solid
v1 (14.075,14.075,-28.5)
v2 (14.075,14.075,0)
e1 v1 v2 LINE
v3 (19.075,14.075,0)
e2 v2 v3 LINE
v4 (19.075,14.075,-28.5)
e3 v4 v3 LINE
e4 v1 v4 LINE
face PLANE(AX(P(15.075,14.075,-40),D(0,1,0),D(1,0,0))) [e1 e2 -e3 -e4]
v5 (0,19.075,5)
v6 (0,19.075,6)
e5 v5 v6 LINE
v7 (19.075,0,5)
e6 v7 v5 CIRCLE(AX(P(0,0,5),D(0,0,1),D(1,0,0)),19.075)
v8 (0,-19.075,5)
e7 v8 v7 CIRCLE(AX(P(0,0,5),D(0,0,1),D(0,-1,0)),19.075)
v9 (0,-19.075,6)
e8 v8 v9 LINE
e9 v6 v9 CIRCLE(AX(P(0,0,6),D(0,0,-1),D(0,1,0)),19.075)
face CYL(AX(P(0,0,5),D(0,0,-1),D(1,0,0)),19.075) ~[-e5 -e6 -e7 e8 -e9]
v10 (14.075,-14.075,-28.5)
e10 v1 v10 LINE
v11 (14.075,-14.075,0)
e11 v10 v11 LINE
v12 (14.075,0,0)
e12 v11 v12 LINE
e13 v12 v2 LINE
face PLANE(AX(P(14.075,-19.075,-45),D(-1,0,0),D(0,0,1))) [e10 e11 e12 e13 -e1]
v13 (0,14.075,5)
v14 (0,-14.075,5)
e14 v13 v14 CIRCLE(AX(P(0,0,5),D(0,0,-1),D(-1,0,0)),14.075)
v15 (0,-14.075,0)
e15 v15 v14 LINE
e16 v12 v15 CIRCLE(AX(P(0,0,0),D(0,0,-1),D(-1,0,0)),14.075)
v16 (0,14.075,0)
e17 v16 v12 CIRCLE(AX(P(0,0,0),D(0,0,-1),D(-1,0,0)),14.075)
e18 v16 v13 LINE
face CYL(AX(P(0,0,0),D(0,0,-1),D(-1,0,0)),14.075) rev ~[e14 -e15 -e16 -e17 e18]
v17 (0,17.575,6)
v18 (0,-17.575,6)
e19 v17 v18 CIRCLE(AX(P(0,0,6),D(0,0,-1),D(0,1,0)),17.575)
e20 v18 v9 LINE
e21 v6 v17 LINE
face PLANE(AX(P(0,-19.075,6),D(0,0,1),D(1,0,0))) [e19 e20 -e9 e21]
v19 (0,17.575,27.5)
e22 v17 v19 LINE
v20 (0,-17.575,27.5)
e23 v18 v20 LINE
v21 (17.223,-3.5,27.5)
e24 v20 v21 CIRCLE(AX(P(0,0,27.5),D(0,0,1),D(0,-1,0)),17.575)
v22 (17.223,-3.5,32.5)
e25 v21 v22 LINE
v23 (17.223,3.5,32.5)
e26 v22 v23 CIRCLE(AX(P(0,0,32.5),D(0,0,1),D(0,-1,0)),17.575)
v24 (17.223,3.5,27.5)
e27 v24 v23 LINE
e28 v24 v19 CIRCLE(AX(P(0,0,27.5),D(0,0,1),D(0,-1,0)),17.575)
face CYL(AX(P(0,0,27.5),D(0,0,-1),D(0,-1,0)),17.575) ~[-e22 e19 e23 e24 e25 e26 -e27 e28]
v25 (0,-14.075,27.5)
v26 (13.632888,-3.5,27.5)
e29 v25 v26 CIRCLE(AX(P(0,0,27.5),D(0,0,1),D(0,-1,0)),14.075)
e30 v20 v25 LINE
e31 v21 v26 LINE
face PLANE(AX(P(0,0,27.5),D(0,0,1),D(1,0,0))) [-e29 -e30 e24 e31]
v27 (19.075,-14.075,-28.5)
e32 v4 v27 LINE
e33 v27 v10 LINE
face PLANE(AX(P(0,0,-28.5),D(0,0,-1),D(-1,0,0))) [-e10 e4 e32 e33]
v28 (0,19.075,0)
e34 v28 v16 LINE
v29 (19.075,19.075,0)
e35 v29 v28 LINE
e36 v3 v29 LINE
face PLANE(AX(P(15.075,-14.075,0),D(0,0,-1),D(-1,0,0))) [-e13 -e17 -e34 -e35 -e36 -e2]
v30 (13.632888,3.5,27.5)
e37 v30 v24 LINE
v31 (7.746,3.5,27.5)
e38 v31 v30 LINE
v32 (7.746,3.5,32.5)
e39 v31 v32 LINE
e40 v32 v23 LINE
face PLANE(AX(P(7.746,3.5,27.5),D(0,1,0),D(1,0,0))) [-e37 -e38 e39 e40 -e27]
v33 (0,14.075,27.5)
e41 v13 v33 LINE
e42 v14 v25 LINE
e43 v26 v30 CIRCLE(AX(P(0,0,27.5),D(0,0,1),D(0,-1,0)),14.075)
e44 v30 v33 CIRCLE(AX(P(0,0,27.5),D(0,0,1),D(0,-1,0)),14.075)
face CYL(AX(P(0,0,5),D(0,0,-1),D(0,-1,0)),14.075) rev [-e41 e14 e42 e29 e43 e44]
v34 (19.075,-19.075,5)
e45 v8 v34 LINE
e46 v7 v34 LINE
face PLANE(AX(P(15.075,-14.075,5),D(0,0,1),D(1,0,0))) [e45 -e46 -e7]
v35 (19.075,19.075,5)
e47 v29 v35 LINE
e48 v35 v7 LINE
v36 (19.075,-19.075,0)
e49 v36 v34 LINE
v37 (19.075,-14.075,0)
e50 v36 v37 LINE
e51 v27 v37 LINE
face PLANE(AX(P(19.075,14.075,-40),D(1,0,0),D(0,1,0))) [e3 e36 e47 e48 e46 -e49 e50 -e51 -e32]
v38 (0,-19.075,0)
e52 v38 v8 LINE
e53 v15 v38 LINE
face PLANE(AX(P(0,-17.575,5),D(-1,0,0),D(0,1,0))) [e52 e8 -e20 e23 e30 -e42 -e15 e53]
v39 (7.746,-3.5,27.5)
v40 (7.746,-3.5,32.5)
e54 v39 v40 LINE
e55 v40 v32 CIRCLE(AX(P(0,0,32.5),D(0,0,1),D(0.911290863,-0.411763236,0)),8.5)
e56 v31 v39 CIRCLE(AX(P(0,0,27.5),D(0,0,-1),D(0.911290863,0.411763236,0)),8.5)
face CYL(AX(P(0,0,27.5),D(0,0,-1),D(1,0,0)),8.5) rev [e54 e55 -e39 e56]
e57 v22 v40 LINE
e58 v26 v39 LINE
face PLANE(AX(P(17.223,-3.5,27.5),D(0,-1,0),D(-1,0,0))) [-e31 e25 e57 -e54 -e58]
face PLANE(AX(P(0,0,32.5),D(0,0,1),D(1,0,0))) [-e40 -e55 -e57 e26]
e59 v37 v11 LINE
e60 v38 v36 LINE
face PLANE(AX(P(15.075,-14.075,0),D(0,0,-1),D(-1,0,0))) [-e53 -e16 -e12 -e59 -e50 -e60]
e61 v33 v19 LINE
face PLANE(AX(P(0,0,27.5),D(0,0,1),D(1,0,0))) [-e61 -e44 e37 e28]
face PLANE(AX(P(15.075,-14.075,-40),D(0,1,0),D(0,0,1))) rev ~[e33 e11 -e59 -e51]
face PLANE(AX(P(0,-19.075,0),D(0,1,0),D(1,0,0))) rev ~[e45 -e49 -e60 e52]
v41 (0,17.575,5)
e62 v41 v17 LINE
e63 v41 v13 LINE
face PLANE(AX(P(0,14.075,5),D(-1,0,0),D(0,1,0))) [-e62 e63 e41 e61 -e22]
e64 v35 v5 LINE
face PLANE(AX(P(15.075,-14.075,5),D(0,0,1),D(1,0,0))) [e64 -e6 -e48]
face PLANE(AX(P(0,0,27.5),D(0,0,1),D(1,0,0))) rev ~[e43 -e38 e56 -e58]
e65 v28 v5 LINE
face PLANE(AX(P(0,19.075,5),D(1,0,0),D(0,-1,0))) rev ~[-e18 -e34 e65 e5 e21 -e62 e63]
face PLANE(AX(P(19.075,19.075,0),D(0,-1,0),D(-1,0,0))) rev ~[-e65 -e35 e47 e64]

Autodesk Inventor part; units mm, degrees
ref_plane "工作平面1" through (0, 0, -40) normal (0, 0, -1) x (-1, 0, 0)
sketch "草圖1" plane through (0, 0, -40) normal (0, 0, -1) x (-1, 0, 0)
  line L0 (-15.075, 14.075) -> (-15.075, 19.075) projected
  line L1 (-19.075, 19.075) -> (-15.075, 19.075) projected
  line L2 (-19.075, 14.075) -> (-19.075, 19.075) projected
  line L3 (-15.075, 14.075) -> (-19.075, 14.075) projected
  line L4 (-15.075, -19.075) -> (-15.075, -14.075) projected
  line L5 (-19.075, -14.075) -> (-15.075, -14.075) projected
  line L6 (-19.075, -19.075) -> (-19.075, -14.075) projected
  line L7 (-15.075, -19.075) -> (-19.075, -19.075) projected
  line L8 (-19.075, 14.075) -> (-19.075, -14.075)
  line L9 (-15.075, -14.075) -> (-15.075, 14.075)
  point P0 (0, 0)
extrude "擠出1" add sketch "草圖1" along normal blind 5
sketch "草圖2" plane through (0, 0, -40) normal (0, 0, 1) x (1, 0, 0)
  line L0 (15.075, -19.075) -> (15.075, 19.075) projected
  line L1 (19.075, -19.075) -> (15.075, -19.075) projected
  line L2 (19.075, 19.075) -> (19.075, -19.075) projected
  line L3 (15.075, 19.075) -> (19.075, 19.075) projected
  line L4 (0, 14.075) -> (19.075, 14.075) projected
  line L5 (19.075, -14.075) -> (0, -14.075) projected
  point P0 (0, 0)
  point P1 (15.075, -14.075)
  point P2 (15.075, 14.075)
ref_plane "工作平面2" through (0, -19.075, 0) normal (0, 0, 1) x (1, 0, 0)
extrude "擠出2" add sketch "草圖2" along normal up to surface (40 mm away) contours L0 L4 L2 L5
sketch "草圖3" plane through (15.075, -14.075, 0) normal (0, 0, 1) x (1, 0, 0)
  line L0 (-15.075, 33.15) -> (-15.075, 28.15) projected
  line L1 (-15.075, 28.15) -> (4, 28.15) projected
  line L2 (4, 28.15) -> (4, 33.15) projected
  line L3 (4, 33.15) -> (-15.075, 33.15) projected
  line L4 (4, 0) -> (0, 0) projected
  line L5 (4, 28.15) -> (4, 0) projected
  line L6 (0, 28.15) -> (4, 28.15) projected
  line L7 (0, 0) -> (0, 28.15) projected
  line L8 (-15.075, 0) -> (-15.075, -5) projected
  line L9 (-15.075, -5) -> (4, -5) projected
  line L10 (4, -5) -> (4, 0) projected
  line L11 (4, 0) -> (-15.075, 0) projected
  point P0 (-15.075, 14.075)
  point P1 (0, 28.15)
  point P2 (4, 28.15)
ref_plane "工作平面3" through (-19.075, 0, 5) normal (0, 0, 1) x (1, 0, 0)
extrude "擠出3" add sketch "草圖3" along normal up to surface (5 mm away)
sketch "草圖4" plane through (0, -19.075, 5) normal (0, 0, 1) x (1, 0, 0)
  arc A0 (0, 38.15) -> (0, 0) centre (0, 19.075) ccw projected
  circle A1 centre (0, 19.075) radius 19.075
  arc A2 (0, 36.65) -> (0, 1.5) centre (0, 19.075) ccw projected
  circle A3 centre (0, 19.075) radius 17.575
  line L0 (0, 38.15) -> (0, 33.15) projected
  line L1 (0, 38.15) -> (0, 0)
  point P0 (0, 1.5)
  point P1 (0, 38.15)
  point P2 (0, 1.5)
  point P3 (0, 38.15)
extrude "擠出4" add sketch "草圖4" along normal blind 1 contours A1 L1 A3 L0
sketch "草圖5" plane through (15.075, -14.075, 0) normal (0, 0, -1) x (-1, 0, 0)
  arc A0 (15.075, 0) -> (15.075, 28.15) centre (15.075, 14.075) ccw projected
  circle A1 centre (15.075, 14.075) radius 14.075
  line L0 (15.075, 28.15) -> (-4, 28.15) projected
  line L1 (0, -5) -> (0, 33.15) projected
  line L2 (-4, 0) -> (15.075, 0) projected
  point P0 (0, 0)
  point P1 (15.075, 28.15)
  point P2 (0, 28.15)
extrude "擠出5" add sketch "草圖5" against normal up to surface (5 mm away) contours L2 L1 L0 A1
sketch "草圖6" plane through (0, 0, 5) normal (0, 0, 1) x (1, 0, 0)
  arc A0 (0, -17.575) -> (0, 17.575) centre (0, 0) ccw projected
  line L0 (0, 14.075) -> (0, 17.575) projected
  arc A1 (0, -14.075) -> (0, 14.075) centre (0, 0) ccw projected
  line L1 (0, -17.575) -> (0, -14.075) projected
ref_plane "工作平面4" through (-14.075, -17.575, 27.5) normal (0, 0, -1) x (0, 1, 0)
extrude "擠出6" add sketch "草圖6" along normal up to surface (22.5 mm away)
sketch "草圖7" plane through (0, 0, 27.5) normal (0, 0, 1) x (1, 0, 0)
  line L0 (17.223, -3.5) -> (7.746, -3.5) projected
  arc A0 (7.746, 3.5) -> (7.746, -3.5) centre (0, 0) ccw projected
  line L1 (7.746, 3.5) -> (17.223, 3.5) projected
  arc A1 (17.223, 3.5) -> (17.223, -3.5) centre (0, 0) ccw projected
  circle A2 centre (7.7782, 7.7782) radius 1.6 projected
  circle A3 centre (-7.7782, 7.7782) radius 1.6 projected
  circle A4 centre (7.7782, -7.7782) radius 1.6 projected
  circle A5 centre (-7.7782, -7.7782) radius 1.6 projected
  arc A6 (0, -17.575) -> (0, 17.575) centre (0, 0) ccw projected
  circle A7 centre (0, 0) radius 8.5
  point P0 (7.746, -3.5)
  point P1 (7.746, 3.5)
ref_plane "工作平面5" through (-17.575, -17.575, 32.5) normal (0, 0, 1) x (1, 0, 0)
extrude "擠出7" add sketch "草圖7" along normal up to surface (5 mm away) contours L0 A7 L1 A6
sketch "草圖8" plane through (15.075, -19.075, -45) normal (-1, 0, 0) x (0, 0, 1)
  line L0 (45, 5) -> (45, 33.15) projected
  line L1 (5, 33.15) -> (45, 33.15) projected
  line L2 (5, 33.15) -> (5, 38.15) projected
  line L3 (5, 38.15) -> (0, 38.15) projected
  line L4 (0, 0) -> (0, 38.15) projected
  line L5 (5, 0) -> (0, 0) projected
  line L6 (5, 0) -> (5, 5) projected
  line L7 (5, 5) -> (45, 5) projected
  point P0 (45, 19.075)
extrude "擠出8" add sketch "草圖8" along normal blind 1
sketch "草圖9" plane through (0, 0, -45) normal (0, 0, -1) x (-1, 0, 0)
  line L0 (-19.075, 19.075) -> (-14.075, 19.075) projected
  line L1 (-19.075, 19.075) -> (-19.075, -19.075) projected
  line L2 (-19.075, -19.075) -> (-14.075, -19.075) projected
  line L3 (-14.075, 19.075) -> (-14.075, -19.075) projected
  point P0 (0, 0)
extrude "擠出9" cut sketch "草圖9" against normal blind 16.5
properties part number "j4 motor mount cover_3D 列印"
